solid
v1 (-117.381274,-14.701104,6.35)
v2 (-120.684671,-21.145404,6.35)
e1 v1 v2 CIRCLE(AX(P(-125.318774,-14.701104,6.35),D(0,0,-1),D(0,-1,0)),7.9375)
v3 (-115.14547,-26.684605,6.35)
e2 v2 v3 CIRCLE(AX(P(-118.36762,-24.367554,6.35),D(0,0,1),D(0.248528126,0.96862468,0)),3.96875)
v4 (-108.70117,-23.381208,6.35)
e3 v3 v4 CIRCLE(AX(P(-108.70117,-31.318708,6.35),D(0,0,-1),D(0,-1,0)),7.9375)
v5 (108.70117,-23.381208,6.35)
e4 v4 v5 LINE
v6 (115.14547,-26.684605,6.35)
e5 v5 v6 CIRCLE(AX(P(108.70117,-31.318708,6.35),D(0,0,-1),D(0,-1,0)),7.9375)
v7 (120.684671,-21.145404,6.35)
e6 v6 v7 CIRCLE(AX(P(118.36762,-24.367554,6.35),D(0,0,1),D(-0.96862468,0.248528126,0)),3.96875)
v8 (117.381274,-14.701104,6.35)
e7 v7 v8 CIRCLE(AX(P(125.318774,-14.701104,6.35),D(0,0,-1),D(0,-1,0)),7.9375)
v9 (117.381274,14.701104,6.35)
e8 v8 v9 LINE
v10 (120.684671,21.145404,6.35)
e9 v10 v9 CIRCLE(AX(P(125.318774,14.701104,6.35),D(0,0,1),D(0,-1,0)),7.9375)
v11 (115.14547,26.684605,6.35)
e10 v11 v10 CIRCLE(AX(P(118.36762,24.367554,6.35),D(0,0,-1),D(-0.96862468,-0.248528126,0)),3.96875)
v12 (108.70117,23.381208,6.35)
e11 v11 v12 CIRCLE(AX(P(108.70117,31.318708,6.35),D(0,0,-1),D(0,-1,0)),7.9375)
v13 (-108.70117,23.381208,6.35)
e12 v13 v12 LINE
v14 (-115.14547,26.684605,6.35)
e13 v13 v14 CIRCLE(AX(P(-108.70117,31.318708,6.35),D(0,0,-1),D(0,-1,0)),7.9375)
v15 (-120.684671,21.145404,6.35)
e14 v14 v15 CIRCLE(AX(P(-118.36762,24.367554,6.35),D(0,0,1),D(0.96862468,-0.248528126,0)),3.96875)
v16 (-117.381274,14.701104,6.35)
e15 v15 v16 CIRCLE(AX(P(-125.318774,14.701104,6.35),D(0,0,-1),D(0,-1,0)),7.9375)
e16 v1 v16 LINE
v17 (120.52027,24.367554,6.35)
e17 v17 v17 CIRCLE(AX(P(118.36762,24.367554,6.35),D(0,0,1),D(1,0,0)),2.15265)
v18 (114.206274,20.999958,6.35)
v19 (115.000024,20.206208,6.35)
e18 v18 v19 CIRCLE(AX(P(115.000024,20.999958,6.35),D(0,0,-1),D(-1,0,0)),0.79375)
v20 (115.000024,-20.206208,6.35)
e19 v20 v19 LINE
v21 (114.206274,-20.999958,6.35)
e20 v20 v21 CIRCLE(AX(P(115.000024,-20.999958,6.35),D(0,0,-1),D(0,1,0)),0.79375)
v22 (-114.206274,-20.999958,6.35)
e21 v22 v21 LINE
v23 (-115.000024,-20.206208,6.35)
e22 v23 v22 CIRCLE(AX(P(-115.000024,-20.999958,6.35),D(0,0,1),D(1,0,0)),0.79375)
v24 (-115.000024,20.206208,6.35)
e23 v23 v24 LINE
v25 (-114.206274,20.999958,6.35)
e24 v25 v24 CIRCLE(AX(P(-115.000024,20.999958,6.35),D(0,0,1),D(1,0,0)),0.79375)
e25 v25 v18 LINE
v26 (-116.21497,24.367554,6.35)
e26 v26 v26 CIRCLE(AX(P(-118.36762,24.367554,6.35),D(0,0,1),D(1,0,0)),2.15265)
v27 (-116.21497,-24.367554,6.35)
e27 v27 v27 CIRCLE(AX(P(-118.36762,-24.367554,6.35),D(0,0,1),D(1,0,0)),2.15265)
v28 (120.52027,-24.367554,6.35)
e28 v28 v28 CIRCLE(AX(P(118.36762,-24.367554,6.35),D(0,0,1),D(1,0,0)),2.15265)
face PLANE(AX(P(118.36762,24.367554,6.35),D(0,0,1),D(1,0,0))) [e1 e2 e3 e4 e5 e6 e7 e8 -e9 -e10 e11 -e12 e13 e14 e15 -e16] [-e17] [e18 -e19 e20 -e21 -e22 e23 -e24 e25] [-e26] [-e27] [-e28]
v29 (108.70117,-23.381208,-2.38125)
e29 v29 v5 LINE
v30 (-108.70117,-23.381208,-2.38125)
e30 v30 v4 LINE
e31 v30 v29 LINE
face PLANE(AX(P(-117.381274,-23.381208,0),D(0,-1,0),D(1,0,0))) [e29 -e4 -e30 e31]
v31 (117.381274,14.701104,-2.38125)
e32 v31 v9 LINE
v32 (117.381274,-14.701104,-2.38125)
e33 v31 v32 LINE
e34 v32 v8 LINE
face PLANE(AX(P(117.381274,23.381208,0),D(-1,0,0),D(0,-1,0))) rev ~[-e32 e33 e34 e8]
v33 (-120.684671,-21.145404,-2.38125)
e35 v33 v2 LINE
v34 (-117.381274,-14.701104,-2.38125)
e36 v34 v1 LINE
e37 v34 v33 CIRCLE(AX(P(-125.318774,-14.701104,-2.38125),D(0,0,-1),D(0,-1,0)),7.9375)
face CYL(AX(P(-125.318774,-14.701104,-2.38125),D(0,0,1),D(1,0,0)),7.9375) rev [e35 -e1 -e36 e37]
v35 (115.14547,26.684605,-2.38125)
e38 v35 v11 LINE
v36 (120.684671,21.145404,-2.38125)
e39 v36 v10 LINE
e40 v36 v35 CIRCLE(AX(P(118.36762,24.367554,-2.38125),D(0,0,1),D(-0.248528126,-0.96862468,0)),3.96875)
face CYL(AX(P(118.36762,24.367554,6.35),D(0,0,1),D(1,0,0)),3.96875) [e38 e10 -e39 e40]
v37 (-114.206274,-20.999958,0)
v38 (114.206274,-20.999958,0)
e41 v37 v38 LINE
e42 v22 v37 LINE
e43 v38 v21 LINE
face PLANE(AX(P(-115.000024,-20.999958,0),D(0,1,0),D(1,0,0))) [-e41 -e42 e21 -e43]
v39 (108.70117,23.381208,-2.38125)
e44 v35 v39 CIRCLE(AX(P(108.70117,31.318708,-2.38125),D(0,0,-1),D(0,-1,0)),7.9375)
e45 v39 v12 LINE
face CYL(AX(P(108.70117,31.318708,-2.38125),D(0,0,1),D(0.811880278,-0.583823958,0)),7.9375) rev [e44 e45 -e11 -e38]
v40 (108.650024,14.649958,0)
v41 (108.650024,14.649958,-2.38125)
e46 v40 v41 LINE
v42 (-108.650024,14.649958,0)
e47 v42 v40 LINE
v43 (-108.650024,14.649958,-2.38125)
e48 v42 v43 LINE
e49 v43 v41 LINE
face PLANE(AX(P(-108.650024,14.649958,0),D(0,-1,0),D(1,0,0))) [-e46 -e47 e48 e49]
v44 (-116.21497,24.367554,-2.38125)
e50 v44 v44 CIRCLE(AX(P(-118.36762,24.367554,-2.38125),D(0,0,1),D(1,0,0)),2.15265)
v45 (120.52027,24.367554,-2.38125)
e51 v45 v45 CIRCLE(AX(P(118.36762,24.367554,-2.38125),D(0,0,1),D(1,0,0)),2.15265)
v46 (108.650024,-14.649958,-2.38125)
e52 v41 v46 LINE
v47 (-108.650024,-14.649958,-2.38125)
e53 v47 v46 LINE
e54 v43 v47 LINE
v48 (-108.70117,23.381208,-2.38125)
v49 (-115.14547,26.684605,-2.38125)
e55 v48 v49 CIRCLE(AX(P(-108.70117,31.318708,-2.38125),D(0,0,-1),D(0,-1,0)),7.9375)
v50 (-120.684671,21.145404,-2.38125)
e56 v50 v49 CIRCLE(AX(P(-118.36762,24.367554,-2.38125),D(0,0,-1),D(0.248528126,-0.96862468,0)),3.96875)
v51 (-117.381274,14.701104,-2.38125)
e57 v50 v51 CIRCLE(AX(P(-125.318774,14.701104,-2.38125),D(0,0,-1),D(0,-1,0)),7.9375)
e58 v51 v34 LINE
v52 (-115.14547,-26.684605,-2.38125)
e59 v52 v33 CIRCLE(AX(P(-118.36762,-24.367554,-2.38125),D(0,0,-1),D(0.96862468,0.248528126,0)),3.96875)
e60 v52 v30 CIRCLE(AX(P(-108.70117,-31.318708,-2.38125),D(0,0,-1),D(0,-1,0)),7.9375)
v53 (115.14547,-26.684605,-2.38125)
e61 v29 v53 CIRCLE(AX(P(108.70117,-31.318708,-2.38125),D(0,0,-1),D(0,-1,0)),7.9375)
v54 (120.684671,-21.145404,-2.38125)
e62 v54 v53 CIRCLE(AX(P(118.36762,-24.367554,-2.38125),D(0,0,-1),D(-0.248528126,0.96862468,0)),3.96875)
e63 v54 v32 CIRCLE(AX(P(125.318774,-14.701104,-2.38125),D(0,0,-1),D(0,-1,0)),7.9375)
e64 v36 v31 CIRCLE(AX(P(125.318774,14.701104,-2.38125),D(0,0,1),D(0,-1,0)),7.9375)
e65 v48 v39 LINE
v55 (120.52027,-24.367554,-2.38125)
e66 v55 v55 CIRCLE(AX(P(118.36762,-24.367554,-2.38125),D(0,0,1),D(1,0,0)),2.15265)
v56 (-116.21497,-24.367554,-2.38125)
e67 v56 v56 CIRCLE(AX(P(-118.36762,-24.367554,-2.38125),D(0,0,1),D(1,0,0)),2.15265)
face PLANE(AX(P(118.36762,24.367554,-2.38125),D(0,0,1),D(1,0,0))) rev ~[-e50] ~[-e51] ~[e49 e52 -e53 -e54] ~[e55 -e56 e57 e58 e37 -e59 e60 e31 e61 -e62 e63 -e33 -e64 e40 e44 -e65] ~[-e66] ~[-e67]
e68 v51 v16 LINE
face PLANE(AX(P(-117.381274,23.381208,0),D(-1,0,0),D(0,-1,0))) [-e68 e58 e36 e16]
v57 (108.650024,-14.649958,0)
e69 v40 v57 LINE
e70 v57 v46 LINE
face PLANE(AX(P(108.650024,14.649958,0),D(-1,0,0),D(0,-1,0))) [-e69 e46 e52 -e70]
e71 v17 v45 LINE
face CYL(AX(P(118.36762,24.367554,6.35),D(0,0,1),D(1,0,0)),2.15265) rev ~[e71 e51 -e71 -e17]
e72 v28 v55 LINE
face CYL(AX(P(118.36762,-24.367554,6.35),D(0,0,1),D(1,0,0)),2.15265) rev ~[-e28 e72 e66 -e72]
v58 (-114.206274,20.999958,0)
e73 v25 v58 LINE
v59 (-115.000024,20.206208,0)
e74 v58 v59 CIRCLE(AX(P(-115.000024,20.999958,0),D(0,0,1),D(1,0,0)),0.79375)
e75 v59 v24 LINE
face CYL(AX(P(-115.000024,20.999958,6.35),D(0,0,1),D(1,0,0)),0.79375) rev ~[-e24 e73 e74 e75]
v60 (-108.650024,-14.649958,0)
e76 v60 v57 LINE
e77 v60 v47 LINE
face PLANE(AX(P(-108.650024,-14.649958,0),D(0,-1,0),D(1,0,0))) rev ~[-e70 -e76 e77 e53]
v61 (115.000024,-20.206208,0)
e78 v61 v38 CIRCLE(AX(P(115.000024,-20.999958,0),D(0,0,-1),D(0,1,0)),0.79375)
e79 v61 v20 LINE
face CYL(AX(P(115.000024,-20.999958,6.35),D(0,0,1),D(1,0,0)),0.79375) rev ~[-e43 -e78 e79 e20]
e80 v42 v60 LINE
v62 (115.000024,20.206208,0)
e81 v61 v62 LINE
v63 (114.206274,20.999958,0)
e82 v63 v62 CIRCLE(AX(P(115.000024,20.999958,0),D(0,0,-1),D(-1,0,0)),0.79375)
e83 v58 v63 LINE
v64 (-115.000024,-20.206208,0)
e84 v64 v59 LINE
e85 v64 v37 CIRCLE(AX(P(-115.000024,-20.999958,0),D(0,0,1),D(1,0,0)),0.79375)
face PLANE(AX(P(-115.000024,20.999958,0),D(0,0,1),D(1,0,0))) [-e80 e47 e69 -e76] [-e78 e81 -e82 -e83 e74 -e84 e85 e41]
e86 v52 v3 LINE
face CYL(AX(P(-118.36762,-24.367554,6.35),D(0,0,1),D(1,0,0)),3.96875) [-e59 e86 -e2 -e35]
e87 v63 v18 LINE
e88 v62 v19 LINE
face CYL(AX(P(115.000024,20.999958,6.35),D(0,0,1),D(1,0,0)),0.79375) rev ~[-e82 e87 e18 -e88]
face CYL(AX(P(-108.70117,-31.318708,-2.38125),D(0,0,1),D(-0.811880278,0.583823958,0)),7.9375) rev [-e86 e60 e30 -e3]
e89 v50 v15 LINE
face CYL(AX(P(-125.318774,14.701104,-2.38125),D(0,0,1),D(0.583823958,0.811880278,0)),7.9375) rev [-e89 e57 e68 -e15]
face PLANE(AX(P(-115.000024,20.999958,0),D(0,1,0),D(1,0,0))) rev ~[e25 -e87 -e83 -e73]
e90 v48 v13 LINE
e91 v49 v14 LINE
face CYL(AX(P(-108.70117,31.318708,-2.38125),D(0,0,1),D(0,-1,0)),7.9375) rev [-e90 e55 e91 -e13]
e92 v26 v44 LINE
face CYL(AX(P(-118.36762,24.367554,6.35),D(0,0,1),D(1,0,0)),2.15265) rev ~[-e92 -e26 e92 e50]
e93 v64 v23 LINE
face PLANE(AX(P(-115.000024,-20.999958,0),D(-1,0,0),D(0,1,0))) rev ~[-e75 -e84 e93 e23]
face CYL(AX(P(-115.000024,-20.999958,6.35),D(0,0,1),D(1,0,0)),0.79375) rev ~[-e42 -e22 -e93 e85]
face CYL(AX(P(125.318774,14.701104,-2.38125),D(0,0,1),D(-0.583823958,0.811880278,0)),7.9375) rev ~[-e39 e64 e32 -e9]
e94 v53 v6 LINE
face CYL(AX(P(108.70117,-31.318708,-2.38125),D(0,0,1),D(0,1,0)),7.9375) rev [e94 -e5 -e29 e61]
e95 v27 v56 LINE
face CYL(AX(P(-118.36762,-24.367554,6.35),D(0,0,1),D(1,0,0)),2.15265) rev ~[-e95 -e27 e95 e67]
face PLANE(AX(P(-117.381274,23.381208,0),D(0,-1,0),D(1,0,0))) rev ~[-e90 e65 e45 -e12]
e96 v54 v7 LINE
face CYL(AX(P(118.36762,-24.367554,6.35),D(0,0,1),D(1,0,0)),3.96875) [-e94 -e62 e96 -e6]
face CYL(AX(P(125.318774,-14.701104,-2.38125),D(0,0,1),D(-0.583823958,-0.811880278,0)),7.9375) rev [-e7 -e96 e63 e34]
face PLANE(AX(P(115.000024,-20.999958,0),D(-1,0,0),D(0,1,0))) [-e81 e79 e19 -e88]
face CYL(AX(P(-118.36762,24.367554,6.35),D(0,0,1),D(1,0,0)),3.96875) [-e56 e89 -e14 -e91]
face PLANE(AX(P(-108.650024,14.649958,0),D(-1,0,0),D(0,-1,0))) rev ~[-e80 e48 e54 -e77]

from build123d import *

# Parameters (mm, degrees)
F0_W      = 234.762548
F0_H      = 46.762416
F0_W_2    = 230.000048
F0_H_2    = 41.999916
F1_DEPTH  = 6.35
F2_W      = 234.762548
F2_H      = 46.762416
F2_W_2    = 217.300048
F2_H_2    = 29.299916
F3_DEPTH  = 2.38125
F4_R      = 3.96875
F5_DEPTH  = 8.73125
F6_R      = 7.9375
F7_R      = 2.15265
F8_DEPTH  = 8.73125
F9_R      = 0.79375
F10_DEPTH = 6.35


with BuildPart() as f1:
    # F0 (on Top) → F1 (new body)
    with BuildSketch(Plane.XY):
        Rectangle(F0_W, F0_H)
        Rectangle(F0_W_2, F0_H_2, mode=Mode.SUBTRACT)
    extrude(amount=F1_DEPTH)

    # F2 (on face) → F3 (join)
    with BuildSketch(Plane(origin=(0, 0, 0), x_dir=(1, 0, 0), z_dir=(0, 0, -1))):
        Rectangle(F2_W, F2_H)
        Rectangle(F2_W_2, F2_H_2, mode=Mode.SUBTRACT)
    extrude(amount=F3_DEPTH)

    # F4 (on face) → F5 (join, through all)
    with BuildSketch(Plane.XY.offset(6.35)):
        with Locations((118.36762, 24.367554)):
            Circle(F4_R)
        with Locations((118.36762, -24.367554)):
            Circle(F4_R)
        with Locations((-118.36762, -24.367554)):
            Circle(F4_R)
        with Locations((-118.36762, 24.367554)):
            Circle(F4_R)
    extrude(amount=-F5_DEPTH)

    # F6
    f6_edges = [f1.edges().sort_by_distance(p)[0] for p in [
        (114.523391, 23.381208, 1.984375),
        (117.381274, 20.523325, 1.984375),
        (117.381274, -20.523325, 1.984375),
        (114.523391, -23.381208, 1.984375),
        (-117.381274, -20.523325, 1.984375),
        (-114.523391, -23.381208, 1.984375),
        (-114.523391, 23.381208, 1.984375),
        (-117.381274, 20.523325, 1.984375),
    ]]
    fillet(f6_edges, radius=F6_R)

    # F7 (on face) → F8 (cut, through all)
    with BuildSketch(Plane.XY.offset(6.35)):
        with Locations((118.36762, 24.367554)):
            Circle(F7_R)
        with Locations((118.36762, -24.367554)):
            Circle(F7_R)
        with Locations((-118.36762, 24.367554)):
            Circle(F7_R)
        with Locations((-118.36762, -24.367554)):
            Circle(F7_R)
    extrude(amount=-F8_DEPTH, mode=Mode.SUBTRACT)

    # F9 (on face) → F10 (cut, through all)
    with BuildSketch(Plane.XY.offset(6.35)):
        with Locations((-115.000024, 20.999958)):
            Circle(F9_R)
        with Locations((-115.000024, -20.999958)):
            Circle(F9_R)
        with Locations((115.000024, 20.999958)):
            Circle(F9_R)
        with Locations((115.000024, -20.999958)):
            Circle(F9_R)
    extrude(amount=-F10_DEPTH, mode=Mode.SUBTRACT)


solid = f1.part
